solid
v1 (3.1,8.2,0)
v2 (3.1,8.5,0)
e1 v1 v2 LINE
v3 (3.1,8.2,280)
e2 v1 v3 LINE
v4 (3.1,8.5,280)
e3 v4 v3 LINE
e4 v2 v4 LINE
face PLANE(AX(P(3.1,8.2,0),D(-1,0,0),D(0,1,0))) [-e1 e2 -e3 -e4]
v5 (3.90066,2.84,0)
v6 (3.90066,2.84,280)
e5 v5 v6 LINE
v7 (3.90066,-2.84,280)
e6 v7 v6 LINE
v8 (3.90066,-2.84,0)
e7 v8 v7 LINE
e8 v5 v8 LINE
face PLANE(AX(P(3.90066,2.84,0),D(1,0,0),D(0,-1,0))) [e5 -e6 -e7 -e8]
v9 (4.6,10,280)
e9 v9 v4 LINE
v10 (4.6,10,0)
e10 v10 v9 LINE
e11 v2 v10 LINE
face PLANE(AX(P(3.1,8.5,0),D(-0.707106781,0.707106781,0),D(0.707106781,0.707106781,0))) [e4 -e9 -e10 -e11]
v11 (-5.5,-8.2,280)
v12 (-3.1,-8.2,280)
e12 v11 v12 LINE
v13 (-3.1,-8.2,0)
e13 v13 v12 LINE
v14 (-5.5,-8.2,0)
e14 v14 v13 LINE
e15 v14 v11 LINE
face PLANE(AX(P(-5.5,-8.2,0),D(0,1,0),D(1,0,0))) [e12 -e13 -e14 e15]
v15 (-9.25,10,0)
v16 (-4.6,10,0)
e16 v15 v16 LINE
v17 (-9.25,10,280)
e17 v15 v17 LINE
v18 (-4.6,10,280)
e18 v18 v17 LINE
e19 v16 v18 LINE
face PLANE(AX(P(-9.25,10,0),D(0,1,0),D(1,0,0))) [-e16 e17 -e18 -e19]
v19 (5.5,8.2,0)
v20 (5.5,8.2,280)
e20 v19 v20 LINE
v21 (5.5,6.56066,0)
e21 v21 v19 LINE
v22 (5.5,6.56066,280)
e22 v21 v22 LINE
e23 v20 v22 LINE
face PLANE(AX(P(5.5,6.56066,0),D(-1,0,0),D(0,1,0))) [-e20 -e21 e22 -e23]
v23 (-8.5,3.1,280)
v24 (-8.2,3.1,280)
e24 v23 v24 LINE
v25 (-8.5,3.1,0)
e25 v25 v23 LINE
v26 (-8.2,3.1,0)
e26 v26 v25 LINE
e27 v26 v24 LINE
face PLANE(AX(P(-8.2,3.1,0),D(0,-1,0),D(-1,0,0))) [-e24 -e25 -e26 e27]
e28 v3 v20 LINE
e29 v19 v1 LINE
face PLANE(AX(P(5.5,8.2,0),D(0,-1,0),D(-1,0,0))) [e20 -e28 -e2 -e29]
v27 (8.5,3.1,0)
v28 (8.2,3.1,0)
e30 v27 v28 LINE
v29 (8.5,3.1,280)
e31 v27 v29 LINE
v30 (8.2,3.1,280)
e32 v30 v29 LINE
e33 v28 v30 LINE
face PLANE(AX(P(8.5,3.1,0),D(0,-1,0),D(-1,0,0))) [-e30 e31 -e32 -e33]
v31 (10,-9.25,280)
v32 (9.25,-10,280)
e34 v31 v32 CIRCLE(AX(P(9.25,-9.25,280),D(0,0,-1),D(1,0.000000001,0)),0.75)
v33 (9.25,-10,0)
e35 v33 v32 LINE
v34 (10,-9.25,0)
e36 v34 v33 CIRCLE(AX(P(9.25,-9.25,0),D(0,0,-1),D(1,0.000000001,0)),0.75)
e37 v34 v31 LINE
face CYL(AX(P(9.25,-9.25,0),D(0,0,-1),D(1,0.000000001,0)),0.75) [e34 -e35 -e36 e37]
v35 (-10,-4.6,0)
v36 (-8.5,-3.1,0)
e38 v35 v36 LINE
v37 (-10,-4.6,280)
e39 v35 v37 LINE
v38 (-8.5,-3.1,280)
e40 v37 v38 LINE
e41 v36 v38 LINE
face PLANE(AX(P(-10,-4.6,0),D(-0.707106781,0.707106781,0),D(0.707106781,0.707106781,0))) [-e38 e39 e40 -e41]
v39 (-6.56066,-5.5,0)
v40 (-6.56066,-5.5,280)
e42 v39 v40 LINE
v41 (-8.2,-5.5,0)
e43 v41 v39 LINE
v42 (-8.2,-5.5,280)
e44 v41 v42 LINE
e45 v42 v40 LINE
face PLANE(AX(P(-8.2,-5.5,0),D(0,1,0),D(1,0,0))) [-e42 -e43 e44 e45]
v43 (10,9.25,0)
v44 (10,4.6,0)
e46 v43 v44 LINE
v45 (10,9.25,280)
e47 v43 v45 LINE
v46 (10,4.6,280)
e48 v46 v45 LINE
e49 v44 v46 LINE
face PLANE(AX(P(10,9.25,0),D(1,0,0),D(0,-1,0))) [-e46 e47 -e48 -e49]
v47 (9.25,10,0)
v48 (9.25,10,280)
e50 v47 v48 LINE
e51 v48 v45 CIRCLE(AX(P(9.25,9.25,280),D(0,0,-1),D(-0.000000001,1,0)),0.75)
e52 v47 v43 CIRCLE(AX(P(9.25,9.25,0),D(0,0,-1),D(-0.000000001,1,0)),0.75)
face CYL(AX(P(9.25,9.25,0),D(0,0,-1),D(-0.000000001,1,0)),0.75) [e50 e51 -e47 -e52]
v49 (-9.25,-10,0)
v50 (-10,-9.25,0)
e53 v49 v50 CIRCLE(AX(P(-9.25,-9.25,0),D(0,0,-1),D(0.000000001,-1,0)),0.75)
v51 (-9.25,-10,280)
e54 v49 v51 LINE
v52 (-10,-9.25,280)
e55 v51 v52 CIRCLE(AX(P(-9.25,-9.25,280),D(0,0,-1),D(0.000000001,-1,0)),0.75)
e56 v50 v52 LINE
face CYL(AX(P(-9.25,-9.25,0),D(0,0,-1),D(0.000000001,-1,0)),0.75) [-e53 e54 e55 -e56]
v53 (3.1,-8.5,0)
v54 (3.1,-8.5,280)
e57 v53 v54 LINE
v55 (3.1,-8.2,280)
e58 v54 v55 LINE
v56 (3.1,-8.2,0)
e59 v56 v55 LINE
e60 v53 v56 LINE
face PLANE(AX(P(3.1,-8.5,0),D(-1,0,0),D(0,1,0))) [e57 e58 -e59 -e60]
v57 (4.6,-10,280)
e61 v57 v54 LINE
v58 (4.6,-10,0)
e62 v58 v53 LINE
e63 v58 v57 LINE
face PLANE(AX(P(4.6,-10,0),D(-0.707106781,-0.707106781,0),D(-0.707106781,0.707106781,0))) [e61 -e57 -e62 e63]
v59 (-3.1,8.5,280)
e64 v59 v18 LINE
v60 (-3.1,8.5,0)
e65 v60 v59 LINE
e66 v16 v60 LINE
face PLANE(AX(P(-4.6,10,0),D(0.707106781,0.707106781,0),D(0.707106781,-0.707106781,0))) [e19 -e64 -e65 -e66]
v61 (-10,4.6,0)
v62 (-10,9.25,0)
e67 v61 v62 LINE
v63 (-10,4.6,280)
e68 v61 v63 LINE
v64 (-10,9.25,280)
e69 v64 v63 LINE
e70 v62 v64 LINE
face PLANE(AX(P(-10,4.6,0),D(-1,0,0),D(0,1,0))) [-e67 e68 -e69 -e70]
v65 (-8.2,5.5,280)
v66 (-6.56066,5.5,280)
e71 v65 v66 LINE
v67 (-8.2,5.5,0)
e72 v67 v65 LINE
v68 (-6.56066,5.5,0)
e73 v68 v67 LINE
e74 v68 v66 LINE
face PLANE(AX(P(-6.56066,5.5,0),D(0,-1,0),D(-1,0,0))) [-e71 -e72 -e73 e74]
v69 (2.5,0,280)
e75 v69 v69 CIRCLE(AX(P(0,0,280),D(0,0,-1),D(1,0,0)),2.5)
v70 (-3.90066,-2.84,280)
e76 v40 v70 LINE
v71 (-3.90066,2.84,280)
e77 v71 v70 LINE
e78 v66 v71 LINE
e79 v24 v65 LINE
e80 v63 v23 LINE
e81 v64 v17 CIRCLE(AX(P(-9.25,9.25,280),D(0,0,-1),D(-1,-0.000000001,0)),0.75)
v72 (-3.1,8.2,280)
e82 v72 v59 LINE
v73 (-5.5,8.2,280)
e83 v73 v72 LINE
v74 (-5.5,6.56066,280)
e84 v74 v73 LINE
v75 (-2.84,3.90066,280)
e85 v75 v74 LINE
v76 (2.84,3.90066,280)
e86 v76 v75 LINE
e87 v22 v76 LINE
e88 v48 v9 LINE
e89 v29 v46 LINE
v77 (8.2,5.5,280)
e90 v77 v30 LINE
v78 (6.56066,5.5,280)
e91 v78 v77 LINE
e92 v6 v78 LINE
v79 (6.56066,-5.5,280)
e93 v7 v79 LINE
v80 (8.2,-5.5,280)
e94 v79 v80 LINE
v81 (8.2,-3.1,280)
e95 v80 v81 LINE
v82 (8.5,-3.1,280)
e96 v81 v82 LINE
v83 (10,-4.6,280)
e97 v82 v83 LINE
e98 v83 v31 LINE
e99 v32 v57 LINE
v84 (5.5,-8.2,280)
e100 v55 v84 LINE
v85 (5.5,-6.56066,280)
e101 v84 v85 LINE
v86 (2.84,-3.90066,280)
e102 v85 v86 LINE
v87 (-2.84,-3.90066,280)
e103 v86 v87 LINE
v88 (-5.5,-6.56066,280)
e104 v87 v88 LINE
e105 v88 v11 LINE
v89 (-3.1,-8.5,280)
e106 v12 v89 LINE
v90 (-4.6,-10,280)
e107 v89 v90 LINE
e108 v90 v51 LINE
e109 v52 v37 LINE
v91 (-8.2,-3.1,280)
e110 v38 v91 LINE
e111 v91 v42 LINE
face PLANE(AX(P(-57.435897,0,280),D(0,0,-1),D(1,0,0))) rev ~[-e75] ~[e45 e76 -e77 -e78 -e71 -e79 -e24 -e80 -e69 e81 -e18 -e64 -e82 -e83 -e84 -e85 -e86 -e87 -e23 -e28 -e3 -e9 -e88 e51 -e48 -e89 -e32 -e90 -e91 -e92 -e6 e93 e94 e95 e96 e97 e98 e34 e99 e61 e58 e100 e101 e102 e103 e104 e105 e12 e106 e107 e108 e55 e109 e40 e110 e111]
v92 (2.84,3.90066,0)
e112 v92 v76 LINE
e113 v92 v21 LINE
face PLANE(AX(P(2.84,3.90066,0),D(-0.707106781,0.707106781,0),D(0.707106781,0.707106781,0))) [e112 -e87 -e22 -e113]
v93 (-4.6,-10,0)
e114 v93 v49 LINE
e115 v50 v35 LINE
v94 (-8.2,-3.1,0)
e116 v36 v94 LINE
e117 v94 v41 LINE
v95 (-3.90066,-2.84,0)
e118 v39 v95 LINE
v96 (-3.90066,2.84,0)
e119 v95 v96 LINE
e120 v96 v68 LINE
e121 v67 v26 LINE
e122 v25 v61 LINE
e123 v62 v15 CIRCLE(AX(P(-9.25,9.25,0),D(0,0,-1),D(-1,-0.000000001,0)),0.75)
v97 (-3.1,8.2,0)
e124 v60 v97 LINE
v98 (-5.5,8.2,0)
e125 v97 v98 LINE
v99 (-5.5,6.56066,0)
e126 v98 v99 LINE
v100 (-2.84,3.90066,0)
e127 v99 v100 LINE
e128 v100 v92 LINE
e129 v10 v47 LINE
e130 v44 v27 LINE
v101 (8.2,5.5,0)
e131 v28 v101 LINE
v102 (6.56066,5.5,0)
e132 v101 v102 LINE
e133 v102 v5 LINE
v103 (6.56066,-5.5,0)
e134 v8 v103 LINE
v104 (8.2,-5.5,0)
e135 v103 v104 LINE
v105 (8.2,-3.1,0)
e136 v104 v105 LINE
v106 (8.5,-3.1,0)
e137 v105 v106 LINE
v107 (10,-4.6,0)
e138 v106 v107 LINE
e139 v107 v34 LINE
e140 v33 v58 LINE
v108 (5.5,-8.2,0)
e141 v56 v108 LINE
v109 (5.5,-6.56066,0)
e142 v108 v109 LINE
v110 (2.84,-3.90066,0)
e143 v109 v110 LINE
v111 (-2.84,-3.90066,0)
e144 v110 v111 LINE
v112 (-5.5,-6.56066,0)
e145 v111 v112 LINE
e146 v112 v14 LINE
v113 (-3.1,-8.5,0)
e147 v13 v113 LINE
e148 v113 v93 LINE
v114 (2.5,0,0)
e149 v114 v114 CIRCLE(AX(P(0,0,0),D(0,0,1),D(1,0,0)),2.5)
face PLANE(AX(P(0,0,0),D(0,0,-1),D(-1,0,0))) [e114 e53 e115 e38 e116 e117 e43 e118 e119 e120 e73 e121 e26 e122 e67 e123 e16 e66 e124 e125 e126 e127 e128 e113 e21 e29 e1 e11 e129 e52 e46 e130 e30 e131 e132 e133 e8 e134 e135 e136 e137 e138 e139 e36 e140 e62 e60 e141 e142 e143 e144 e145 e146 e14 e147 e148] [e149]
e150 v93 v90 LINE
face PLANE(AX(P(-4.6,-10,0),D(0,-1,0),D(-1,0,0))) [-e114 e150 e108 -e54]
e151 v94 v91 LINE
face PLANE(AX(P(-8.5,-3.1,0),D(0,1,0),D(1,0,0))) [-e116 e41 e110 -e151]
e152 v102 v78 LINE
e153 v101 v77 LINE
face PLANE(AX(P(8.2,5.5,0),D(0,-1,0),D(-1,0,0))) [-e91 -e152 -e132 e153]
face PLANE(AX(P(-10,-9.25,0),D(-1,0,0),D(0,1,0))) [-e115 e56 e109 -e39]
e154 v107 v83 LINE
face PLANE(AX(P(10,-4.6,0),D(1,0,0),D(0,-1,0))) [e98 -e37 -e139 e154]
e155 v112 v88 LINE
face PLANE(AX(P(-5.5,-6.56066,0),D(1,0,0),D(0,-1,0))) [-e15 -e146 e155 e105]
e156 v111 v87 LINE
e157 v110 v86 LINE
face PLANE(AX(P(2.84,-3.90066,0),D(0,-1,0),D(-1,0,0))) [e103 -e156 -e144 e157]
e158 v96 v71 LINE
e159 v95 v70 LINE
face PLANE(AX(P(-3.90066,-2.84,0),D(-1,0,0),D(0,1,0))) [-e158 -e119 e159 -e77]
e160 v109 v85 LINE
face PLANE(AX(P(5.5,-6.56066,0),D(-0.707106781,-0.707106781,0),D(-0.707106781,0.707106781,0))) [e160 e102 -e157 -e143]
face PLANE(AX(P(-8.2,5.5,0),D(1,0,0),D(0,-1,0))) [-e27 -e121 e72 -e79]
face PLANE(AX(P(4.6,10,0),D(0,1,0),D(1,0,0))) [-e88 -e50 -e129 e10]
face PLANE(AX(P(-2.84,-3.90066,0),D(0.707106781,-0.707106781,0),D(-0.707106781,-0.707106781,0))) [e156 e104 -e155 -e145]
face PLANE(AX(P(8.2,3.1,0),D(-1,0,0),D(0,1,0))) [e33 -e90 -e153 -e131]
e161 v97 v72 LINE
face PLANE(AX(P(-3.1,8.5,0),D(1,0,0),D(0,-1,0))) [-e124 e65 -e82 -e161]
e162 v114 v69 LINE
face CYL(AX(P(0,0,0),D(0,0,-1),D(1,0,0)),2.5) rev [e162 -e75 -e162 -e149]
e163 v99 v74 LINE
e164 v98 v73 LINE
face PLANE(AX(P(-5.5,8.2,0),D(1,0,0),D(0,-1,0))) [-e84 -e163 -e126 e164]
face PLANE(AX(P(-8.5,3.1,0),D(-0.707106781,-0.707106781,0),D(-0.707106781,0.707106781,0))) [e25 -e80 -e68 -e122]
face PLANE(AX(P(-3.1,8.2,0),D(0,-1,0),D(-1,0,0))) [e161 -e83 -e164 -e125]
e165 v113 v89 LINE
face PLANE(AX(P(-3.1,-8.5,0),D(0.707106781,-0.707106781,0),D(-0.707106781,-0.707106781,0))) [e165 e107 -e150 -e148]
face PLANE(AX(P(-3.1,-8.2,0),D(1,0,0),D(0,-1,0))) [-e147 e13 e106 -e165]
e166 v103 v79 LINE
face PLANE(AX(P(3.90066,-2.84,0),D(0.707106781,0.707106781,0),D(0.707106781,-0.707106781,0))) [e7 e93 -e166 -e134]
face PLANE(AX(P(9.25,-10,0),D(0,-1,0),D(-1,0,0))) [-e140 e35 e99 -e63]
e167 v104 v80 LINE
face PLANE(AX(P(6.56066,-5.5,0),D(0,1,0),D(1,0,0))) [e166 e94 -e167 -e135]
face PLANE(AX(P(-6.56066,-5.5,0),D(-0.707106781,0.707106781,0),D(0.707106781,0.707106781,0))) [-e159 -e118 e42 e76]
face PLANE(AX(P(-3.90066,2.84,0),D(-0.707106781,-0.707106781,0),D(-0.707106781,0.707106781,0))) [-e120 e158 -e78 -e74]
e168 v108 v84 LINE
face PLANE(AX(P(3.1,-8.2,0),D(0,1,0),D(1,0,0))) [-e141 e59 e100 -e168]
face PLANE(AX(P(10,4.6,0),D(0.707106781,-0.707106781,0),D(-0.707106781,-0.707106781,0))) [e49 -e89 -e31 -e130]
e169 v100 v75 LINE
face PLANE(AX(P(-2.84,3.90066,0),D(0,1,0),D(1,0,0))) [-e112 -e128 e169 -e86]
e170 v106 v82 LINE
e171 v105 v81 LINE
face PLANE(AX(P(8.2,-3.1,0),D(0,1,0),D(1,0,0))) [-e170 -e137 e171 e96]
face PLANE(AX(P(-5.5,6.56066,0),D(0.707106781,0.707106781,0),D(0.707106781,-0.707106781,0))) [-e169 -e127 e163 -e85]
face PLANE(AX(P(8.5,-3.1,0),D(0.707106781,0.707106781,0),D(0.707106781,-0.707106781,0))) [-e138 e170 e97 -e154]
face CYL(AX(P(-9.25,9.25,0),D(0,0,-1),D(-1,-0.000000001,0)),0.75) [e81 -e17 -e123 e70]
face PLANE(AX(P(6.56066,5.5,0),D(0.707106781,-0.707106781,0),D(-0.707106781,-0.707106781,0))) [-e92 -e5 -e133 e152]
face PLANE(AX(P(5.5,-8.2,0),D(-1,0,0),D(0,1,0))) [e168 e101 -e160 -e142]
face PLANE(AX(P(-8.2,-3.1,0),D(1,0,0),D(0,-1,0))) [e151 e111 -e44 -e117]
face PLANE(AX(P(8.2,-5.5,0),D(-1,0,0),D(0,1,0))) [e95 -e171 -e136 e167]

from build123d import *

# Parameters (mm, degrees)
CROQUIS1_R              = 2.5
SALIENTE_EXTRUIR1_DEPTH = 326
SKETCH2_W               = 139.582587955
SKETCH2_H               = 242.432915921
CUT_EXTRUDE1_DEPTH      = 47
CUT_EXTRUDE1_DEPTH_BACK = 30


with BuildPart() as part:
    # Croquis1 → Saliente-Extruir1 (new body)
    with BuildSketch(Plane.XY):
        with BuildLine():
            Line((-4.6, 10), (-3.1, 8.5))
            Line((-3.1, 8.5), (-3.1, 8.2))
            Line((-3.1, 8.2), (-5.5, 8.2))
            Line((-5.5, 8.2), (-5.5, 6.560660172))
            Line((-5.5, 6.560660172), (-2.84, 3.900660172))
            Line((-2.84, 3.900660172), (0, 3.900660172))
            Line((0, 3.900660172), (2.84, 3.900660172))
            Line((2.84, 3.900660172), (5.5, 6.560660172))
            Line((5.5, 6.560660172), (5.5, 8.2))
            Line((5.5, 8.2), (3.1, 8.2))
            Line((3.1, 8.2), (3.1, 8.5))
            Line((3.1, 8.5), (4.6, 10))
            Line((4.6, 10), (9.25, 10))
            ThreePointArc((9.25, 10), (9.780330086, 9.780330086), (10, 9.25))
            Line((10, 9.25), (10, 4.6))
            Line((10, 4.6), (8.5, 3.1))
            Line((8.5, 3.1), (8.2, 3.1))
            Line((8.2, 3.1), (8.2, 5.5))
            Line((8.2, 5.5), (6.560660172, 5.5))
            Line((6.560660172, 5.5), (3.900660172, 2.84))
            Line((3.900660172, 2.84), (3.900660172, 0))
            Line((3.900660172, 0), (3.900660172, -2.84))
            Line((3.900660172, -2.84), (6.560660172, -5.5))
            Line((6.560660172, -5.5), (8.2, -5.5))
            Line((8.2, -5.5), (8.2, -3.1))
            Line((8.2, -3.1), (8.5, -3.1))
            Line((8.5, -3.1), (10, -4.6))
            Line((10, -4.6), (10, -9.25))
            ThreePointArc((10, -9.25), (9.780330086, -9.780330086), (9.25, -10))
            Line((9.25, -10), (4.6, -10))
            Line((4.6, -10), (3.1, -8.5))
            Line((3.1, -8.5), (3.1, -8.2))
            Line((3.1, -8.2), (5.5, -8.2))
            Line((5.5, -8.2), (5.5, -6.560660172))
            Line((5.5, -6.560660172), (2.84, -3.900660172))
            Line((2.84, -3.900660172), (0, -3.900660172))
            Line((0, -3.900660172), (-2.84, -3.900660172))
            Line((-2.84, -3.900660172), (-5.5, -6.560660172))
            Line((-5.5, -6.560660172), (-5.5, -8.2))
            Line((-5.5, -8.2), (-3.1, -8.2))
            Line((-3.1, -8.2), (-3.1, -8.5))
            Line((-3.1, -8.5), (-4.6, -10))
            Line((-4.6, -10), (-9.25, -10))
            ThreePointArc((-9.25, -10), (-9.780330086, -9.780330086), (-10, -9.25))
            Line((-10, -9.25), (-10, -4.6))
            Line((-10, -4.6), (-8.5, -3.1))
            Line((-8.5, -3.1), (-8.2, -3.1))
            Line((-8.2, -3.1), (-8.2, -5.5))
            Line((-8.2, -5.5), (-6.560660172, -5.5))
            Line((-6.560660172, -5.5), (-3.900660172, -2.84))
            Line((-3.900660172, -2.84), (-3.900660172, 0))
            Line((-3.900660172, 0), (-3.900660172, 2.84))
            Line((-3.900660172, 2.84), (-6.560660172, 5.5))
            Line((-6.560660172, 5.5), (-8.2, 5.5))
            Line((-8.2, 5.5), (-8.2, 3.1))
            Line((-8.2, 3.1), (-8.5, 3.1))
            Line((-8.5, 3.1), (-10, 4.6))
            Line((-10, 4.6), (-10, 9.25))
            ThreePointArc((-10, 9.25), (-9.780330086, 9.780330086), (-9.25, 10))
            Line((-9.25, 10), (-4.6, 10))
        make_face()
        Circle(CROQUIS1_R, mode=Mode.SUBTRACT)
    extrude(amount=SALIENTE_EXTRUIR1_DEPTH)

    # Sketch2 → Cut-Extrude1 (cut, two sides)
    with BuildSketch(Plane(origin=(0, 0, 0), x_dir=(1, 0, 0), z_dir=(0, 1, 0))) as cut_extrude1_sk:
        with Locations((12.355396541, -401.216457961)):
            Rectangle(SKETCH2_W, SKETCH2_H)
    extrude(amount=CUT_EXTRUDE1_DEPTH, mode=Mode.SUBTRACT)
    extrude(cut_extrude1_sk.sketch, amount=-CUT_EXTRUDE1_DEPTH_BACK, mode=Mode.SUBTRACT)


solid = part.part
